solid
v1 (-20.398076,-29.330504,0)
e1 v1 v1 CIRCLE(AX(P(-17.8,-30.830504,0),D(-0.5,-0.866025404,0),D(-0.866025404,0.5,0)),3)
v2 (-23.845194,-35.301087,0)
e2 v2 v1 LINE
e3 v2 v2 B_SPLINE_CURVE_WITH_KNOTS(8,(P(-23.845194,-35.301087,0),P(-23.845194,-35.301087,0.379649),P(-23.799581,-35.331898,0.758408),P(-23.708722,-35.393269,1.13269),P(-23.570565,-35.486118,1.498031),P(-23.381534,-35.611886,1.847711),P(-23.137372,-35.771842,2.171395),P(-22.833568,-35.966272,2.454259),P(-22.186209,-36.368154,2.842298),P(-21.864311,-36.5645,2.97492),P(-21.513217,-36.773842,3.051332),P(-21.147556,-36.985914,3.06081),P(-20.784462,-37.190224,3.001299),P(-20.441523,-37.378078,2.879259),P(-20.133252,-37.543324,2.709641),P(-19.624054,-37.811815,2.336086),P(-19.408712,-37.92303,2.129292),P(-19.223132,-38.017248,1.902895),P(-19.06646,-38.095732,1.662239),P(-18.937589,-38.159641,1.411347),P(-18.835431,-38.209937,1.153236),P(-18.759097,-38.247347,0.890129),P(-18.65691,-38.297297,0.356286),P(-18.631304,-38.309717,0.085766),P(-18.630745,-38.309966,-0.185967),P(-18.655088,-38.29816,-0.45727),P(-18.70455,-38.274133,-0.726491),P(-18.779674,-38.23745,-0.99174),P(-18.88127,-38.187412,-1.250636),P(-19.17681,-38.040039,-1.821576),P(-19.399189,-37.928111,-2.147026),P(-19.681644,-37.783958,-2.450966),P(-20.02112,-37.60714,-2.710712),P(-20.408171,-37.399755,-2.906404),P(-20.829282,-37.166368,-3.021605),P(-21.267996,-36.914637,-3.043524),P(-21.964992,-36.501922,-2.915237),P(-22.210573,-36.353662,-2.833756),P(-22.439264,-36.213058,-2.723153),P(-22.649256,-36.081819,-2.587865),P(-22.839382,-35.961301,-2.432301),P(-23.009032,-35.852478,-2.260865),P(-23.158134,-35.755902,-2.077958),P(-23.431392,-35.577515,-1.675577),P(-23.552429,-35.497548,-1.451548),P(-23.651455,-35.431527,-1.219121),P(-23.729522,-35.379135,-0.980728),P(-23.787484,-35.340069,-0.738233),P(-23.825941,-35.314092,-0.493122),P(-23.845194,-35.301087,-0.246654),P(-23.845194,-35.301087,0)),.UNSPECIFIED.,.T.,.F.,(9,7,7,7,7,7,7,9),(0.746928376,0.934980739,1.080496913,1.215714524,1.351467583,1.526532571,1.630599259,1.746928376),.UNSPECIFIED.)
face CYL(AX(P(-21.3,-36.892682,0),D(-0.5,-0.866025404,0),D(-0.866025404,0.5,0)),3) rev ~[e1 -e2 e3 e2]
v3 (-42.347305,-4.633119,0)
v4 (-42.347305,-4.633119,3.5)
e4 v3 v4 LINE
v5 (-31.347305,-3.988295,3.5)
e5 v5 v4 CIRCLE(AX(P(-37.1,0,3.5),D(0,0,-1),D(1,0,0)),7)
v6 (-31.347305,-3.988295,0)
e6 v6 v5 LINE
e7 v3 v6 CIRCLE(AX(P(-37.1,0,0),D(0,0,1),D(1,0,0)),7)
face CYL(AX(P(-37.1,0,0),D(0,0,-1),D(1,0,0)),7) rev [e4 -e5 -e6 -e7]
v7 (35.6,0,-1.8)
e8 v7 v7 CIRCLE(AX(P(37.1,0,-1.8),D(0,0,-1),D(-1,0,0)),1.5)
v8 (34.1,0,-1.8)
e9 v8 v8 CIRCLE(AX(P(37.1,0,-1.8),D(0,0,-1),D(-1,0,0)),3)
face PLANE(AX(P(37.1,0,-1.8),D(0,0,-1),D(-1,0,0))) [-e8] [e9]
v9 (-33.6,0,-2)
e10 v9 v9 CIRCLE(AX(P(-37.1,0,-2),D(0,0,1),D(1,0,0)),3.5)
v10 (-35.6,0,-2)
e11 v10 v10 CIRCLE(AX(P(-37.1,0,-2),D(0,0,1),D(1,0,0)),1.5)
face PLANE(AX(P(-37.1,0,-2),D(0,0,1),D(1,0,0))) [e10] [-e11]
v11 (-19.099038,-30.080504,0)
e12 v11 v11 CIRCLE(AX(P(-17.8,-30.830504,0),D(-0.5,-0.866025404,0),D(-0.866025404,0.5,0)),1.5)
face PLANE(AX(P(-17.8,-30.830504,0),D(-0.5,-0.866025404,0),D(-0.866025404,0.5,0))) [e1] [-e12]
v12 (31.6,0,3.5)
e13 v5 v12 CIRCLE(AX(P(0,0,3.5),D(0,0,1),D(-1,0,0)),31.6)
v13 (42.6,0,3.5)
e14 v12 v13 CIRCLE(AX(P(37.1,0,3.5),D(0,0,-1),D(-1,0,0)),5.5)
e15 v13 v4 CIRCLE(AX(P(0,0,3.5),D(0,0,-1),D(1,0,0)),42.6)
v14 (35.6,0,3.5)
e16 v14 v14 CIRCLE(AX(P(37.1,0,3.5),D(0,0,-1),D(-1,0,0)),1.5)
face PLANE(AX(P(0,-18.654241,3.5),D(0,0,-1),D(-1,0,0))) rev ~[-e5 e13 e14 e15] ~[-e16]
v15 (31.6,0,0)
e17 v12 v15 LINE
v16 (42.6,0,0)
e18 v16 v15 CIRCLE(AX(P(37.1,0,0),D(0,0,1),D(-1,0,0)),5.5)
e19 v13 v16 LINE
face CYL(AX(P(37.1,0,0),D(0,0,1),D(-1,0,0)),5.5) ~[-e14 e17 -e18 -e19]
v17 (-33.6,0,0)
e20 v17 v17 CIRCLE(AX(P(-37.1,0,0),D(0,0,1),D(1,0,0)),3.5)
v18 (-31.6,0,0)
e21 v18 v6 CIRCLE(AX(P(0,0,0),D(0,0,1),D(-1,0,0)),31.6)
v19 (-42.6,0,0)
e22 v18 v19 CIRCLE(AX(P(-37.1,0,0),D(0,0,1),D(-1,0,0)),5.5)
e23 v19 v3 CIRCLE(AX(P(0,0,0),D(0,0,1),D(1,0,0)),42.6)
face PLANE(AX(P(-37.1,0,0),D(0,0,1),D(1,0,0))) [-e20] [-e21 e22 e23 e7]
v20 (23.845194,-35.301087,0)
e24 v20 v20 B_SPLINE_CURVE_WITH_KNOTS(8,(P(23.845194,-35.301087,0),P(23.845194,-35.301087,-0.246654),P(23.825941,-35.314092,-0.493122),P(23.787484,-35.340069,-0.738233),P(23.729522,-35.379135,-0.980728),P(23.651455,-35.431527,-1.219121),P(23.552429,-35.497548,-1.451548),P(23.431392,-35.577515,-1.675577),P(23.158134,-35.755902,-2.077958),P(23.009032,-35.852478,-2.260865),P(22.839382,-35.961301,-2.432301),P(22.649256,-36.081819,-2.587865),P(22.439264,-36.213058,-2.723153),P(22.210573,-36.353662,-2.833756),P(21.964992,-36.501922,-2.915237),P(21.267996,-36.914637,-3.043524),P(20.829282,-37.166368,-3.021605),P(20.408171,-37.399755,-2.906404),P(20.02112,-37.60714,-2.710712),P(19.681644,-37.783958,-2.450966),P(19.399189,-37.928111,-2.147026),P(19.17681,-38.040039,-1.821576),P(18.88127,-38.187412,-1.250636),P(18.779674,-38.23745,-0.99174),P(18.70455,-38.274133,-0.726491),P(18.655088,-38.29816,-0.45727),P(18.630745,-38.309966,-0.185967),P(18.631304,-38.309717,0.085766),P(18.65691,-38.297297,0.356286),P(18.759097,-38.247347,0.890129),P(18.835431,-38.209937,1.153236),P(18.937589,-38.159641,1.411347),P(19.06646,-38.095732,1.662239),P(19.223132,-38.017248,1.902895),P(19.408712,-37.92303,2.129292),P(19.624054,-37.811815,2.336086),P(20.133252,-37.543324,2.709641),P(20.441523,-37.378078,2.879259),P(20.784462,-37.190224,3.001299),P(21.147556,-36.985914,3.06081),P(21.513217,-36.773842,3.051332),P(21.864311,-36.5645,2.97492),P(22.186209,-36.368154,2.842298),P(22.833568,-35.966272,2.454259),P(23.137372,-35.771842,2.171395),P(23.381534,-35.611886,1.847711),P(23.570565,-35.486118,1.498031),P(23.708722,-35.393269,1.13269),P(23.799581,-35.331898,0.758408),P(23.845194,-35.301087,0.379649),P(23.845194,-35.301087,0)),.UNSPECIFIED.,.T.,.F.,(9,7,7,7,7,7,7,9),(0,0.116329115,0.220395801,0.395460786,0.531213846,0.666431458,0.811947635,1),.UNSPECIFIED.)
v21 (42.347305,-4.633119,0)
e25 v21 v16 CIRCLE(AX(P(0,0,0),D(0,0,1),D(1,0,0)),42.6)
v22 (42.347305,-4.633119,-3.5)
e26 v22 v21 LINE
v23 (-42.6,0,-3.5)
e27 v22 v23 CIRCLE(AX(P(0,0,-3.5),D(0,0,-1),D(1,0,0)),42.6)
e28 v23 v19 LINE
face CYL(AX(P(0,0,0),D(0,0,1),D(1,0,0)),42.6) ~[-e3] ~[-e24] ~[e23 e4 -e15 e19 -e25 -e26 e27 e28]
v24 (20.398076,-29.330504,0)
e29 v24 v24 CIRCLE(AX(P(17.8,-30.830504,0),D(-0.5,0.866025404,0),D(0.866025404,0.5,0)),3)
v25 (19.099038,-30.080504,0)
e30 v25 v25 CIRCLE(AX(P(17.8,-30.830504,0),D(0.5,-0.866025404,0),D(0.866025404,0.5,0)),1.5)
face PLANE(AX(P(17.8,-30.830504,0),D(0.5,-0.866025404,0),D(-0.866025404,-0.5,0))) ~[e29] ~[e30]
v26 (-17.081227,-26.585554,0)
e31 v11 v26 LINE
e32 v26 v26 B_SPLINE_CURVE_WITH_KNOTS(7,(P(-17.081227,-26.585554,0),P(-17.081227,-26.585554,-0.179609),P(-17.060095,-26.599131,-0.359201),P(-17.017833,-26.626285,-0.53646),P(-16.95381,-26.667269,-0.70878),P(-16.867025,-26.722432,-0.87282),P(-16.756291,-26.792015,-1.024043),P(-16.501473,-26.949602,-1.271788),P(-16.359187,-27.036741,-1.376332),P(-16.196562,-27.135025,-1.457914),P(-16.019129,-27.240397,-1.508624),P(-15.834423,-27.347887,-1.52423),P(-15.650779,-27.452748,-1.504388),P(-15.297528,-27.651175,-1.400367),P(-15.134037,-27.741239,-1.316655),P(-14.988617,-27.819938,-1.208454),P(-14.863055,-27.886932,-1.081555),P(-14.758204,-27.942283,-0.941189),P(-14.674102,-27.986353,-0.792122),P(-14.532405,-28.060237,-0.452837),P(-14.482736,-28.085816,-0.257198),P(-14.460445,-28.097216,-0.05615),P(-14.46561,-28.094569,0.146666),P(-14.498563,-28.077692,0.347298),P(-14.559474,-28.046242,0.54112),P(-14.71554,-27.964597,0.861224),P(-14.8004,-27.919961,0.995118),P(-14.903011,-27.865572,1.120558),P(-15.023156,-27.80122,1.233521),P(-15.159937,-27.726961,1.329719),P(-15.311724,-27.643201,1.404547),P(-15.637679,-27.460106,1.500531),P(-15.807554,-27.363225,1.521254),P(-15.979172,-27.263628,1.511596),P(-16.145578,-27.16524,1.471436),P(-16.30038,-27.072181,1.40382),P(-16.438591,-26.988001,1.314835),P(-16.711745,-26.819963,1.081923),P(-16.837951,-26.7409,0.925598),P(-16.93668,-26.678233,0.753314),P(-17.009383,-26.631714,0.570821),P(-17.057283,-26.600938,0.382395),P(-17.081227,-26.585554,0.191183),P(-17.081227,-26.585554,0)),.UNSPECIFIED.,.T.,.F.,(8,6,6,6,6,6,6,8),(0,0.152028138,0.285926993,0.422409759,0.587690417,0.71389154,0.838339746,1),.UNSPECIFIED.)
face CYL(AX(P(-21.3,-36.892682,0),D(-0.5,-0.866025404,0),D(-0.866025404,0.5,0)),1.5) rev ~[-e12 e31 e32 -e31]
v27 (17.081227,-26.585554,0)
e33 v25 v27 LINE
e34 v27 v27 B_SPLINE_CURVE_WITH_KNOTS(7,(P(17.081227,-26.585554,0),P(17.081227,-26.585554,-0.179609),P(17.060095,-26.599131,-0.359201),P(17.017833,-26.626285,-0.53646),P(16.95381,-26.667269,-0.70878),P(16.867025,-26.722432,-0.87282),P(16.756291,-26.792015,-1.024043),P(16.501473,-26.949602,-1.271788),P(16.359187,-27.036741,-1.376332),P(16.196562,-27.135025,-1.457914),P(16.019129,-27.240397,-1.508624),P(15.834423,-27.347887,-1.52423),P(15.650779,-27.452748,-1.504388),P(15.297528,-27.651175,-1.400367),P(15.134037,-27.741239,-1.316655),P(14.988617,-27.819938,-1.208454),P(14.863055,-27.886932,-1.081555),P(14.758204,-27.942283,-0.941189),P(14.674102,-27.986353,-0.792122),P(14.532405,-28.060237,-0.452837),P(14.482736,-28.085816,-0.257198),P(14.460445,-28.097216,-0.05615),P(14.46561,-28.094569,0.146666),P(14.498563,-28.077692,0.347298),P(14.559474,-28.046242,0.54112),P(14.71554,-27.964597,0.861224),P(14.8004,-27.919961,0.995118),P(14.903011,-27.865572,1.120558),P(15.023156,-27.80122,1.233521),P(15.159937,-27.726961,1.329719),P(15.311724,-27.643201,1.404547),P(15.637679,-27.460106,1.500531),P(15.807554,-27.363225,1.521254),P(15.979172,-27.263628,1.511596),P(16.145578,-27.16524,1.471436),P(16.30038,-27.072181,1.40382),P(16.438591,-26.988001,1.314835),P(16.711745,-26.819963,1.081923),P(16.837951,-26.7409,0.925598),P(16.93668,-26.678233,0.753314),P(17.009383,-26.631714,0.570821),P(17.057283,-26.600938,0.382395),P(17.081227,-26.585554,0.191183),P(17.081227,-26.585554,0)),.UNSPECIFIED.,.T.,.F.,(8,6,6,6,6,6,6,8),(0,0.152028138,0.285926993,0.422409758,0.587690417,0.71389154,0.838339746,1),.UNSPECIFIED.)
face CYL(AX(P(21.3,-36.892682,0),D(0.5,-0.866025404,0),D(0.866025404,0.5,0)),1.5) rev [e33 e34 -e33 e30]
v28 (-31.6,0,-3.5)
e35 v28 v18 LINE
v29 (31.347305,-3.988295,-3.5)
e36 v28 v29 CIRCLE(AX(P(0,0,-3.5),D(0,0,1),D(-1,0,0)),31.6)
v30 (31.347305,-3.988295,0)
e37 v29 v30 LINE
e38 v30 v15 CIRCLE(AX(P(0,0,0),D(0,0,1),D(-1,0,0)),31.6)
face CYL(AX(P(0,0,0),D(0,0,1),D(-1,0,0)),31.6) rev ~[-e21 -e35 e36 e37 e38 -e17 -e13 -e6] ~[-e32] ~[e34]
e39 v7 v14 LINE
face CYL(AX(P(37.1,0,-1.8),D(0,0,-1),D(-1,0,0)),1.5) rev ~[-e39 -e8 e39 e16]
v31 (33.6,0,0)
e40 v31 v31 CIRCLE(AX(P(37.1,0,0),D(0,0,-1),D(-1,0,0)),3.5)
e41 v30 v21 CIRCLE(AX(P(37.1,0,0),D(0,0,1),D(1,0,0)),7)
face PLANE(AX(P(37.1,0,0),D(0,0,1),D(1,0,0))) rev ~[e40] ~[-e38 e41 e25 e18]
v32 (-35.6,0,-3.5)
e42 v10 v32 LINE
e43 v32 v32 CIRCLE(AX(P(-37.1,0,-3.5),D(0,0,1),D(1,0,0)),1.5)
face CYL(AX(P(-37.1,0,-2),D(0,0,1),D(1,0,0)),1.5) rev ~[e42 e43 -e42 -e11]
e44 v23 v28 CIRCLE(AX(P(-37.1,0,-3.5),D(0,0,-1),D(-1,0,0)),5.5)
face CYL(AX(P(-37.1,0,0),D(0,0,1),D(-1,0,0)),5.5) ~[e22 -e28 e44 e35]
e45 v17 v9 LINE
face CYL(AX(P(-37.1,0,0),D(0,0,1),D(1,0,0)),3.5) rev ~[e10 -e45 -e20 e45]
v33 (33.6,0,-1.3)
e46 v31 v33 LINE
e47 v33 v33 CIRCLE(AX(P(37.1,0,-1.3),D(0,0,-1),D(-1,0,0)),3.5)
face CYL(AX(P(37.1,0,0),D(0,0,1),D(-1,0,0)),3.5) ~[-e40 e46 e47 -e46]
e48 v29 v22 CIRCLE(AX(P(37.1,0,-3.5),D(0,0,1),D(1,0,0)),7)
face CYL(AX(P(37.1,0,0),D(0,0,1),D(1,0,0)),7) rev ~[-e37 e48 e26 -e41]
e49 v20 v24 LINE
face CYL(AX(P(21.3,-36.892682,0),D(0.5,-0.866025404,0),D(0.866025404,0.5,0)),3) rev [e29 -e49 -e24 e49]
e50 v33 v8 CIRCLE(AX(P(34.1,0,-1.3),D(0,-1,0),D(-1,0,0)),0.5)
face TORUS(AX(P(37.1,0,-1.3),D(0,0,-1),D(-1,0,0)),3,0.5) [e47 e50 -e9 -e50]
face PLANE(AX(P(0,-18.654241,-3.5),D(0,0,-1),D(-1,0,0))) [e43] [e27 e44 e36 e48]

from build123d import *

# Parameters (mm, degrees)
BOSS_EXTRUDE1_DEPTH = 3.5
SKETCH8_R           = 1.5
CUT_EXTRUDE7_DEPTH  = 77.763269239
SKETCH9_R           = 3
CUT_EXTRUDE8_DEPTH  = 7
SKETCH10_R          = 7
CUT_EXTRUDE9_DEPTH  = 61.347079612
SKETCH10_3_R        = 7
CUT_EXTRUDE10_DEPTH = 61.347079612
SKETCH11_R          = 3.5
CUT_EXTRUDE11_DEPTH = 2
SKETCH12_R          = 1.5
CUT_EXTRUDE12_DEPTH = 61.496033078
SKETCH13_R          = 3.5
BOSS_EXTRUDE3_DEPTH = 1.8
SKETCH14_R          = 1.5
CUT_EXTRUDE13_DEPTH = 61.478178032
FILLET1_R           = 0.5


with BuildPart() as part:
    # Sketch1 → Boss-Extrude1 (new, symmetric)
    with BuildSketch(Plane.XY):
        with BuildLine():
            ThreePointArc((-31.6, 0), (0, -31.6), (31.6, 0))
            ThreePointArc((31.6, 0), (37.1, 5.5), (42.6, 0))
            ThreePointArc((42.6, 0), (0, -42.6), (-42.6, 0))
            ThreePointArc((-42.6, 0), (-37.1, 5.5), (-31.6, 0))
        make_face()
    extrude(amount=BOSS_EXTRUDE1_DEPTH, both=True)

    # Sketch8 → Cut-Extrude7 (cut, through all)
    with BuildSketch(Plane(origin=(-21.3, -36.892682201, 0), x_dir=(-0.8660254037844363, 0.5000000000000042, 0), z_dir=(-0.5000000000000041, -0.8660254037844362, 0))):
        Circle(SKETCH8_R)
    cut_extrude7 = extrude(amount=-CUT_EXTRUDE7_DEPTH, mode=Mode.SUBTRACT)

    # Sketch9 → Cut-Extrude8 (cut)
    with BuildSketch(Plane(origin=(-21.3, -36.892682201, 0), x_dir=(-0.8660254037844363, 0.5000000000000042, 0), z_dir=(-0.5000000000000041, -0.8660254037844362, 0))):
        Circle(SKETCH9_R)
    cut_extrude8 = extrude(amount=-CUT_EXTRUDE8_DEPTH, mode=Mode.SUBTRACT)

    # Mirror1: Cut-Extrude7, Cut-Extrude8 across plane
    add(cut_extrude7.mirror(Plane(origin=(0, 0, 0), x_dir=(0, 0, 1), z_dir=(1, 0, 0))), mode=Mode.SUBTRACT)
    add(cut_extrude8.mirror(Plane(origin=(0, 0, 0), x_dir=(0, 0, 1), z_dir=(1, 0, 0))), mode=Mode.SUBTRACT)

    # Sketch10 → Cut-Extrude9 (cut, through all)
    with BuildSketch(Plane.XY):
        with Locations((-37.1, 0)):
            Circle(SKETCH10_R)
    extrude(amount=CUT_EXTRUDE9_DEPTH, mode=Mode.SUBTRACT)

    # Sketch10<3> → Cut-Extrude10 (cut, through all)
    with BuildSketch(Plane.XY):
        with Locations((37.1, 0)):
            Circle(SKETCH10_3_R)
    extrude(amount=-CUT_EXTRUDE10_DEPTH, mode=Mode.SUBTRACT)

    # Sketch11 → Cut-Extrude11 (cut)
    with BuildSketch(Plane.XY):
        with Locations((-37.1, 0)):
            Circle(SKETCH11_R)
    extrude(amount=-CUT_EXTRUDE11_DEPTH, mode=Mode.SUBTRACT)

    # Sketch12 → Cut-Extrude12 (cut, through all)
    with BuildSketch(Plane.XY.offset(-2)):
        with Locations((-37.1, 0)):
            Circle(SKETCH12_R)
    extrude(amount=-CUT_EXTRUDE12_DEPTH, mode=Mode.SUBTRACT)

    # Sketch13 → Boss-Extrude3 (add)
    with BuildSketch(Plane(origin=(0, 0, 0), x_dir=(-1, 0, 0), z_dir=(0, 0, -1))):
        with Locations((-37.1, 0)):
            Circle(SKETCH13_R)
    extrude(amount=BOSS_EXTRUDE3_DEPTH)

    # Sketch14 → Cut-Extrude13 (cut, through all)
    with BuildSketch(Plane(origin=(0, 0, -1.8), x_dir=(-1, 0, 0), z_dir=(0, 0, -1))):
        with Locations((-37.1, 0)):
            Circle(SKETCH14_R)
    extrude(amount=-CUT_EXTRUDE13_DEPTH, mode=Mode.SUBTRACT)

    # Fillet1
    fillet1_edges = [part.edges().sort_by_distance(p)[0] for p in [
        (40.6, 0, -1.8),
    ]]
    fillet(fillet1_edges, radius=FILLET1_R)


solid = part.part
